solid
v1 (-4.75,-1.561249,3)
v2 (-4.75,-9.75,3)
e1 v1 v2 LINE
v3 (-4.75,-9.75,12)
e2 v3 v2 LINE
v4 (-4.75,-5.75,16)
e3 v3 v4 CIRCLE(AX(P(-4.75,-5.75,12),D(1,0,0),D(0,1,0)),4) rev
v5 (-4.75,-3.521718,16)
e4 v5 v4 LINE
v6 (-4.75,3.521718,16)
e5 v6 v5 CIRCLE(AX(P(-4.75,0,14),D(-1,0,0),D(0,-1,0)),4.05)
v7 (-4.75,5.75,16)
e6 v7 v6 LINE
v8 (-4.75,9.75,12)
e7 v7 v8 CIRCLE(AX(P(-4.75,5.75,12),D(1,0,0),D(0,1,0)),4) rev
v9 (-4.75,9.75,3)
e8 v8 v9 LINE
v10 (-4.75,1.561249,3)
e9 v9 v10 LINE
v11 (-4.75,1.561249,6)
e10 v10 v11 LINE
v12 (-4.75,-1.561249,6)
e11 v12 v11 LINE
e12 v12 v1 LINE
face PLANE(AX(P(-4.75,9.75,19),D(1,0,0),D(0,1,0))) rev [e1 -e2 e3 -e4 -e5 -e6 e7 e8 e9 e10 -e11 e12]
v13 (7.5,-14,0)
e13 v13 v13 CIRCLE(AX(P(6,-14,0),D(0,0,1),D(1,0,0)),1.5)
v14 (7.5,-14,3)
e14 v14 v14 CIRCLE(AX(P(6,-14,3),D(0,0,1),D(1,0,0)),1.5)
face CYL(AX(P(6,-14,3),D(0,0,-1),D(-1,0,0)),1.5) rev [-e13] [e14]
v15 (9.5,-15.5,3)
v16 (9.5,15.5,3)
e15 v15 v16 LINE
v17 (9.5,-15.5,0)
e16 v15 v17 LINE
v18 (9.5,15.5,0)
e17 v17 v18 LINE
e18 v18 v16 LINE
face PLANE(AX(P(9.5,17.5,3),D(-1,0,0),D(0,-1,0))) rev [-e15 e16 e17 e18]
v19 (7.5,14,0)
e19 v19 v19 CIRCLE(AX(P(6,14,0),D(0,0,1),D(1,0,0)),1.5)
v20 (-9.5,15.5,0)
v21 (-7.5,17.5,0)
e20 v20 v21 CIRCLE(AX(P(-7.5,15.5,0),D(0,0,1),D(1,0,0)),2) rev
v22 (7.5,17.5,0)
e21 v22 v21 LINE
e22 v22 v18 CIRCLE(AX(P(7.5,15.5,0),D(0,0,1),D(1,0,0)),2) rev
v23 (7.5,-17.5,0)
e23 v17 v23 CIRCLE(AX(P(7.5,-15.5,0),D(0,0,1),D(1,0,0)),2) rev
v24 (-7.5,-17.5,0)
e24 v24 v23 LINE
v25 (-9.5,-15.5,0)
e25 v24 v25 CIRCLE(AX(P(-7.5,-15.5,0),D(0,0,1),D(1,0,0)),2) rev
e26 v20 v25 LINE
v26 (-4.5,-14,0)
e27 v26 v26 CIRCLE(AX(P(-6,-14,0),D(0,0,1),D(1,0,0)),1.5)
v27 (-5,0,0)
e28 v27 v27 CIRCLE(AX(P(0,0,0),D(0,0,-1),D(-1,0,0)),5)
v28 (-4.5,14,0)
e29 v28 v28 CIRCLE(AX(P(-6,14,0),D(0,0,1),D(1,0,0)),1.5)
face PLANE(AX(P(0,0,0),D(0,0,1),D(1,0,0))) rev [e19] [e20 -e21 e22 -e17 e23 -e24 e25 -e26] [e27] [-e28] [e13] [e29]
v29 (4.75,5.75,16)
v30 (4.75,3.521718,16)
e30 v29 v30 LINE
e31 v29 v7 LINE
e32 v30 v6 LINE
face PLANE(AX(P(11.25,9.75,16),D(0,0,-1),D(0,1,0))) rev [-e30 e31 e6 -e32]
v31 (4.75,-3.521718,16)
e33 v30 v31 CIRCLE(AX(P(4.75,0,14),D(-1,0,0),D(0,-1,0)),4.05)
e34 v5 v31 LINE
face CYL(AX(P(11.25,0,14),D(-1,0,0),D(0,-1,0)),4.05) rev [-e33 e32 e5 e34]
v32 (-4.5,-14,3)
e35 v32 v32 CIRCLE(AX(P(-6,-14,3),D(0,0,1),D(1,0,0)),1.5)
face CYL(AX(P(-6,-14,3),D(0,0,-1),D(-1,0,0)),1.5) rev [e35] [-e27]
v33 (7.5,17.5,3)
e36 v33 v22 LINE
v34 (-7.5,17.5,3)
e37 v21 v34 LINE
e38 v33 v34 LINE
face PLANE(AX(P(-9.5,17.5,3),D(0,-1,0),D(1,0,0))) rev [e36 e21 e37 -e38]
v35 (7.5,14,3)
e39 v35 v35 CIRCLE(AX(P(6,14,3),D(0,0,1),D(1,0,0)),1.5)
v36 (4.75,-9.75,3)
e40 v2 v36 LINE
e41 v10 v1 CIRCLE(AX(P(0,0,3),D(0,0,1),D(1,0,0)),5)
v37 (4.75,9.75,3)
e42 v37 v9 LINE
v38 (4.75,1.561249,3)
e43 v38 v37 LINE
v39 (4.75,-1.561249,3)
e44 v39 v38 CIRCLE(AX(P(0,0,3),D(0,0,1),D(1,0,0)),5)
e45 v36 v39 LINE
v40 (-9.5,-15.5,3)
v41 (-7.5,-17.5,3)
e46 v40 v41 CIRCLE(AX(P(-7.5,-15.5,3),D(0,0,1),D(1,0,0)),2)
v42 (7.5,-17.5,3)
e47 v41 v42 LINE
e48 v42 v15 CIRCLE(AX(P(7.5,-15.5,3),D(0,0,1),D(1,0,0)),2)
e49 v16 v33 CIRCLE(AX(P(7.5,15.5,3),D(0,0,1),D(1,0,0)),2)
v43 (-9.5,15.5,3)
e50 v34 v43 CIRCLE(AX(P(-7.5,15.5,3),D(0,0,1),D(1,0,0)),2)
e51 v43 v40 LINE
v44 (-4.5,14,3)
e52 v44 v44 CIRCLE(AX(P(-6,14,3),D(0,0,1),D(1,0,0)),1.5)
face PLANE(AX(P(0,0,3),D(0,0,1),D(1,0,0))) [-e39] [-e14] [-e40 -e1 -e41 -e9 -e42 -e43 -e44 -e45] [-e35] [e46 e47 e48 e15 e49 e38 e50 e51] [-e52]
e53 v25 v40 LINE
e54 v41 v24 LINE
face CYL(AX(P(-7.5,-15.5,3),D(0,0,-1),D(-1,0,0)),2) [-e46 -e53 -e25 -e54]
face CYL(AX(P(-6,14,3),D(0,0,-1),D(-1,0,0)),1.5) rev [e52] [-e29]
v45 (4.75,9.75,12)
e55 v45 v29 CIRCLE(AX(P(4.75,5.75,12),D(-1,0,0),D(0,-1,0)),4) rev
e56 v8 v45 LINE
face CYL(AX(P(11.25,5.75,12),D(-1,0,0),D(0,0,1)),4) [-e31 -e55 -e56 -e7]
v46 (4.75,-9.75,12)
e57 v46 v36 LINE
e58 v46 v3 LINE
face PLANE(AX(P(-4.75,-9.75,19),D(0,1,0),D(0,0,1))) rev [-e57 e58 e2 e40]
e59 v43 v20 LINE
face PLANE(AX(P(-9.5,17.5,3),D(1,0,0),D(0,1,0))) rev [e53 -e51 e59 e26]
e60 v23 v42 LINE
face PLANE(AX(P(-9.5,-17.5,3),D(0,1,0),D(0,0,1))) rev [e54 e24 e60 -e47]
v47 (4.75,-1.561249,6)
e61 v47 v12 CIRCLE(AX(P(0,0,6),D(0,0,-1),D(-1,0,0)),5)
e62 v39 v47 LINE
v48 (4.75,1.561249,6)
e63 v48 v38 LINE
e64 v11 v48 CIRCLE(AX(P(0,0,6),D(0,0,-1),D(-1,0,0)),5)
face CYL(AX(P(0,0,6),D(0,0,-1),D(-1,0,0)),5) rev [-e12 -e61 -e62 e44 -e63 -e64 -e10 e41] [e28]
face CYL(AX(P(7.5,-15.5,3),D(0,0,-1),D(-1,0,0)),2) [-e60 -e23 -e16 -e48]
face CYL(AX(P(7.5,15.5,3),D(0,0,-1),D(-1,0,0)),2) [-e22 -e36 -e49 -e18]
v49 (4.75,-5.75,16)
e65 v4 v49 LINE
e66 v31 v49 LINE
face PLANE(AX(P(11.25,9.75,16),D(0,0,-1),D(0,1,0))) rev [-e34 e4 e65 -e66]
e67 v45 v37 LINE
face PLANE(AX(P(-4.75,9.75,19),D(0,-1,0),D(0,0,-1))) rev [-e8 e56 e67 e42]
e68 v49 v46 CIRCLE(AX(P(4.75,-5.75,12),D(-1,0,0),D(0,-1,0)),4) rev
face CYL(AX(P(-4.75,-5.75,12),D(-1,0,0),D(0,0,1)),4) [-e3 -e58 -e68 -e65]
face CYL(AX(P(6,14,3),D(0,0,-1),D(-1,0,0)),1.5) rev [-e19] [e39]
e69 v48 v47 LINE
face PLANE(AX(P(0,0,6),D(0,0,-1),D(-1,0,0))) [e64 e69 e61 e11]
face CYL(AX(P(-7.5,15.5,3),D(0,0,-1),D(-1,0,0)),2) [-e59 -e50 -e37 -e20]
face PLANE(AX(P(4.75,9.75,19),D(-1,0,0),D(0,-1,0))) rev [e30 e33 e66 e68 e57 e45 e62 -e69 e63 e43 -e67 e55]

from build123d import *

# Parameters (mm, degrees)
SKETCH_1_W          = 19
SKETCH_1_H          = 35
SKETCH_1_R          = 1.5
EXTRUDE_1_DEPTH     = 3
SKETCH_2_W          = 9.5
SKETCH_2_H          = 19.5
EXTRUDE_2_DEPTH     = 16
SKETCH_3_R          = 4.05
CUT_EXTRUDE_1_DEPTH = 16
SKETCH_4_W          = 3
SKETCH_4_H          = 19.5
CUT_EXTRUDE_2_DEPTH = 16
FILLET_1_R          = 2
SKETCH_5_R          = 5
CUT_EXTRUDE_3_DEPTH = 6
FILLET_3_R          = 4


with BuildPart() as part:
    # 草图1 → 凸台-拉伸1 (new body)
    with BuildSketch(Plane.XY):
        Rectangle(SKETCH_1_W, SKETCH_1_H)
        with Locations((-6, 14)):
            Circle(SKETCH_1_R, mode=Mode.SUBTRACT)
        with Locations((6, 14)):
            Circle(SKETCH_1_R, mode=Mode.SUBTRACT)
        with Locations((6, -14)):
            Circle(SKETCH_1_R, mode=Mode.SUBTRACT)
        with Locations((-6, -14)):
            Circle(SKETCH_1_R, mode=Mode.SUBTRACT)
    extrude(amount=EXTRUDE_1_DEPTH)

    # 草图2 → 凸台-拉伸2 (add)
    with BuildSketch(Plane.XY.offset(3)):
        Rectangle(SKETCH_2_W, SKETCH_2_H)
    extrude(amount=EXTRUDE_2_DEPTH)

    # 草图3 → 切除-拉伸1 (cut)
    with BuildSketch(Plane.ZY.offset(4.75)):
        with Locations(Location((14, 0, 0), (0, 0, 270))):
            Circle(SKETCH_3_R)
    extrude(amount=-CUT_EXTRUDE_1_DEPTH, mode=Mode.SUBTRACT)

    # 草图4 → 切除-拉伸2 (cut)
    with BuildSketch(Plane.ZY.offset(4.75)):
        with Locations((17.5, 0)):
            Rectangle(SKETCH_4_W, SKETCH_4_H)
    extrude(amount=-CUT_EXTRUDE_2_DEPTH, mode=Mode.SUBTRACT)

    # 圆角1
    fillet_1_edges = [part.edges().sort_by_distance(p)[0] for p in [
        (9.5, -17.5, 1.5),
        (-9.5, -17.5, 1.5),
        (-9.5, 17.5, 1.5),
        (9.5, 17.5, 1.5),
    ]]
    fillet(fillet_1_edges, radius=FILLET_1_R)

    # 草图5 → 切除-拉伸3 (cut)
    with BuildSketch(Plane(origin=(0, 0, 0), x_dir=(-1, 0, 0), z_dir=(0, 0, -1))):
        Circle(SKETCH_5_R)
    extrude(amount=-CUT_EXTRUDE_3_DEPTH, mode=Mode.SUBTRACT)

    # 圆角3
    fillet_3_edges = [part.edges().sort_by_distance(p)[0] for p in [
        (0, 9.75, 16),
        (0, -9.75, 16),
    ]]
    fillet(fillet_3_edges, radius=FILLET_3_R)


solid = part.part
